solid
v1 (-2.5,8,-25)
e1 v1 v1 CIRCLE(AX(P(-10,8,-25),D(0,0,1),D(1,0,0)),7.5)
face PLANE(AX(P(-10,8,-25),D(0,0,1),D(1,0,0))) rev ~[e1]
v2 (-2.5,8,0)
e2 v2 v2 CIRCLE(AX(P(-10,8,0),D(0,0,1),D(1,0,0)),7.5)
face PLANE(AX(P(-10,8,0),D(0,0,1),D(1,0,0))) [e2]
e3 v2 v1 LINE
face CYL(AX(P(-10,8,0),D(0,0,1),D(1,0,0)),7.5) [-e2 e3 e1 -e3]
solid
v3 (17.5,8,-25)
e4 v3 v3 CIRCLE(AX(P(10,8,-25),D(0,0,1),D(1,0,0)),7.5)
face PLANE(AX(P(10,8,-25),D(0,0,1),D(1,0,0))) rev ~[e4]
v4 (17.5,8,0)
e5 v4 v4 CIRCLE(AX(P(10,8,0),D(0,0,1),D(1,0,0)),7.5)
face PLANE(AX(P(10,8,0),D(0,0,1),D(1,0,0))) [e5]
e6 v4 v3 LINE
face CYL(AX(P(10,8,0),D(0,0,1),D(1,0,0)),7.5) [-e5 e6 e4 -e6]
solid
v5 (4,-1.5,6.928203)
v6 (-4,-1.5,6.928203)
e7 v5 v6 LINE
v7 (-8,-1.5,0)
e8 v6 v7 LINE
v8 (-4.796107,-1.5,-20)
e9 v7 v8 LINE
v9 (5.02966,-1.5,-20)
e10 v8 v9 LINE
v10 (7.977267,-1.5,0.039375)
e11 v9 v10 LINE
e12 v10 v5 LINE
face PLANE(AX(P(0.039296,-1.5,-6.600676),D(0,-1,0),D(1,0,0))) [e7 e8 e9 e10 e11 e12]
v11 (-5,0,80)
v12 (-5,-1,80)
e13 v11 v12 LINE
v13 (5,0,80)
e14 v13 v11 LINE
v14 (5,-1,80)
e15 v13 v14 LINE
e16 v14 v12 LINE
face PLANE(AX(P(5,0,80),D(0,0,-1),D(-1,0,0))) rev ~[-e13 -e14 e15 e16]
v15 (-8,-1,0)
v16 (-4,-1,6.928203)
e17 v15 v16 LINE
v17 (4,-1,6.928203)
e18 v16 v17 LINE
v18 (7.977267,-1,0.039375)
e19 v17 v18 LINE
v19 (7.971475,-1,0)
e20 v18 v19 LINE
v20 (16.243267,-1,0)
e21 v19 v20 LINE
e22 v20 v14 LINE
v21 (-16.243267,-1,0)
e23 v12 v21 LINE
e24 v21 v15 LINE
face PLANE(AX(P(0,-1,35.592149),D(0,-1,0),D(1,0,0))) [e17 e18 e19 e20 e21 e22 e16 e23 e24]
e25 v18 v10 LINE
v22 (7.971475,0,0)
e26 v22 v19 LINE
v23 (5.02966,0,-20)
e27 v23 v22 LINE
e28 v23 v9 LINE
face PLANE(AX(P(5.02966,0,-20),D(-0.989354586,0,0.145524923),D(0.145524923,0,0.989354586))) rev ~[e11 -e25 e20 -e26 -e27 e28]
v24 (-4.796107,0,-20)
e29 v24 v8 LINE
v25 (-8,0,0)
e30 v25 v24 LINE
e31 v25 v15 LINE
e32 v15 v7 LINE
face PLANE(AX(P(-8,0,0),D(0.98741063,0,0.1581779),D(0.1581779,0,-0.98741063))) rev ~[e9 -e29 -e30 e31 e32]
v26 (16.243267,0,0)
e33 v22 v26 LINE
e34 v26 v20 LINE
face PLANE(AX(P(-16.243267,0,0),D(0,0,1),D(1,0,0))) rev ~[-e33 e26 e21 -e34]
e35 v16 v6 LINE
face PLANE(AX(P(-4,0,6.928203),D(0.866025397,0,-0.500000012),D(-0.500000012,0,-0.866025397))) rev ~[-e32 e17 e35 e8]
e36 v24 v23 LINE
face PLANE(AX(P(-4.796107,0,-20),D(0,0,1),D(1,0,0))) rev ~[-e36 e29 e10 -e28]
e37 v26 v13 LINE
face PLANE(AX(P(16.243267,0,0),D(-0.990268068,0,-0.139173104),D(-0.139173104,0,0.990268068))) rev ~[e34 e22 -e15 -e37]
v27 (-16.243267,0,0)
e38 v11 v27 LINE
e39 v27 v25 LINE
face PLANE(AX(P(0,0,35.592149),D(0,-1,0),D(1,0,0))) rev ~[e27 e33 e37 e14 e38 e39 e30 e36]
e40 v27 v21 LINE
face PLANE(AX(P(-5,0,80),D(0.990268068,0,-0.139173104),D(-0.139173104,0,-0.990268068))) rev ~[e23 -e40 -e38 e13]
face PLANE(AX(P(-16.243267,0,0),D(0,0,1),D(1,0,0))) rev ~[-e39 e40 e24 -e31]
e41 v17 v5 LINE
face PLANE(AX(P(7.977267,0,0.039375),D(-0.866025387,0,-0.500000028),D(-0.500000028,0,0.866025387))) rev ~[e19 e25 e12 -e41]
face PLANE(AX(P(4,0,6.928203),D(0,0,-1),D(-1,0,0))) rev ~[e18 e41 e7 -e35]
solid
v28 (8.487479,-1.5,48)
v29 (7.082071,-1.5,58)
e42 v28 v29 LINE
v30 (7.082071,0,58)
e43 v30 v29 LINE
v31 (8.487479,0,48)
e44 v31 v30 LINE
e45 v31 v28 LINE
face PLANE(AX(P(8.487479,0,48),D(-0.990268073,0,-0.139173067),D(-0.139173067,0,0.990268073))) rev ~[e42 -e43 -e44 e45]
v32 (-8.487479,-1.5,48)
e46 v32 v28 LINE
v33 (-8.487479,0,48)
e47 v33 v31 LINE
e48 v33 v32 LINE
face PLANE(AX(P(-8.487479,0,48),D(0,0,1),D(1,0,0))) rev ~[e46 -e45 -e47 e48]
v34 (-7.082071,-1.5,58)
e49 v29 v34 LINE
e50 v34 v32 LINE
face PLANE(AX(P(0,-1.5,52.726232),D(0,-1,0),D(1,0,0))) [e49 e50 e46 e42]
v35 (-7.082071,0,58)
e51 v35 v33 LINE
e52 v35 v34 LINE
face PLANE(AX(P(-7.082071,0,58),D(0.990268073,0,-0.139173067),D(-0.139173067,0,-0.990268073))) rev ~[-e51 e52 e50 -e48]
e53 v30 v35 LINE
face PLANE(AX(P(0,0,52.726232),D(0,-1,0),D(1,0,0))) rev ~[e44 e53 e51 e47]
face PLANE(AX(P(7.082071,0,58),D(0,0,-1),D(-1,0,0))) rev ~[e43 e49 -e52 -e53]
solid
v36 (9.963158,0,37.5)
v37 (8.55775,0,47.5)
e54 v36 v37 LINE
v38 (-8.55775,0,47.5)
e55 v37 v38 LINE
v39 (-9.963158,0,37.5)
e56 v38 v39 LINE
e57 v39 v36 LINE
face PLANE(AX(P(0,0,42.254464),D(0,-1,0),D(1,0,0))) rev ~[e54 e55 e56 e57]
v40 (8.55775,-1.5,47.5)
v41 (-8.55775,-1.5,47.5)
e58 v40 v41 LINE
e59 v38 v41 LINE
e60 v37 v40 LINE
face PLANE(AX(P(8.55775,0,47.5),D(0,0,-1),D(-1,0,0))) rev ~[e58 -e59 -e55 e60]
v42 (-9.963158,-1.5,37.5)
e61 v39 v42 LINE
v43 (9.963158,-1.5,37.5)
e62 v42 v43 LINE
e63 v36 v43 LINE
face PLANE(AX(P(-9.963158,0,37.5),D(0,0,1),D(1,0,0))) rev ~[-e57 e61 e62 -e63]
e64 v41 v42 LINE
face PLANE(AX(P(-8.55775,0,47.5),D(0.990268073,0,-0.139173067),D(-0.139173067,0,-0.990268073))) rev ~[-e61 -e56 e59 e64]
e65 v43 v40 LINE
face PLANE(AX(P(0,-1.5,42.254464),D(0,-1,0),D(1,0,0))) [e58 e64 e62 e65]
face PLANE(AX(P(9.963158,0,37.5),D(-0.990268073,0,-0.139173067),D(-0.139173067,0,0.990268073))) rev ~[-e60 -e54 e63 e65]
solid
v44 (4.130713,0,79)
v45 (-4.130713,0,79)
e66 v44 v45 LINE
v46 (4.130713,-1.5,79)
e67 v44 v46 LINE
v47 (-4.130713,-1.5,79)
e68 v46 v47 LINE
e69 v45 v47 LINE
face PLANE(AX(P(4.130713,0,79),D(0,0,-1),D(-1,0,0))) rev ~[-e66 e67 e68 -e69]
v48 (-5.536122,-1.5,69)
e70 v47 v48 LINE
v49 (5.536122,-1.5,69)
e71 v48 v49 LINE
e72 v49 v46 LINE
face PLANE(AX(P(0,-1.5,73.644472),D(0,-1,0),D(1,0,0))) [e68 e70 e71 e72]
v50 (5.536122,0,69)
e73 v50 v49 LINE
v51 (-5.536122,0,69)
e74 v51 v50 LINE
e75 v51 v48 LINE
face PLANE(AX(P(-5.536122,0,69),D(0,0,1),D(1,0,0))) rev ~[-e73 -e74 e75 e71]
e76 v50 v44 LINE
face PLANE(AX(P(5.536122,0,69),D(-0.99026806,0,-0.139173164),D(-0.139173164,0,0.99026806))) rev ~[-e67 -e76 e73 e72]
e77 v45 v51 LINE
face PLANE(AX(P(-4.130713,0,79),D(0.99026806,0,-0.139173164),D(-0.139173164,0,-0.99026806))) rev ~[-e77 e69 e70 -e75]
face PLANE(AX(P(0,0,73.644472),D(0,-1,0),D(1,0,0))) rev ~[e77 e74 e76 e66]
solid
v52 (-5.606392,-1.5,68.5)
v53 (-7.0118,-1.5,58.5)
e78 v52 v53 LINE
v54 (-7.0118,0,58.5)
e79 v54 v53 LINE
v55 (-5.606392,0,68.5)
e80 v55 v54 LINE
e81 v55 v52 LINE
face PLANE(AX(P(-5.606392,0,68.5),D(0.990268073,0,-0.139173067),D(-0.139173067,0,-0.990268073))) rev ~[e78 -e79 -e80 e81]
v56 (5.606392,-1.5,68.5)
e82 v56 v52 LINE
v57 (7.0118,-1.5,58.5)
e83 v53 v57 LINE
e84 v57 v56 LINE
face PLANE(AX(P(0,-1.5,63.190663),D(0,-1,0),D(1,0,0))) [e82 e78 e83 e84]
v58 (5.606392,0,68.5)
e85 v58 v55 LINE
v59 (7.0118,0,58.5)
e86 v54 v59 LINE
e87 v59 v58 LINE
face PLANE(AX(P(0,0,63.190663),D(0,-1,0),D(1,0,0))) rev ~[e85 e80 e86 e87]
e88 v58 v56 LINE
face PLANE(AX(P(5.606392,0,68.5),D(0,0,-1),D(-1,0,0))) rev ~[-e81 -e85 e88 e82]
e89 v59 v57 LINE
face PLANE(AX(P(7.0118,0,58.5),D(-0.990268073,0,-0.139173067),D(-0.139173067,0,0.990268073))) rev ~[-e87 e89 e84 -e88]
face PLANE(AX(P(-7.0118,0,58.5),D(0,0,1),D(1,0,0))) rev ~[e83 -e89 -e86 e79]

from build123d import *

# Parameters (mm, degrees)
F3_DEPTH = 1.5
F4_DEPTH = 1
F5_DEPTH = 1.5
F6_R     = 7.5
F7_DEPTH = 25


with BuildPart() as f3:
    # F2 (on Front) → F3 (new body)
    with BuildSketch(Plane.XZ):
        Polygon((5.536122, 69), (4.130713, 79), (-4.130713, 79), (-5.536122, 69), align=None)
        Polygon((5.606392, 68.5), (-5.606392, 68.5), (-7.0118, 58.5), (7.0118, 58.5), align=None)
        Polygon((-7.082071, 58), (-8.487479, 48), (8.487479, 48), (7.082071, 58), align=None)
        Polygon((-8.55775, 47.5), (-9.963158, 37.5), (9.963158, 37.5), (8.55775, 47.5), align=None)
    extrude(amount=F3_DEPTH)


with BuildPart() as f4:
    # F0 (on Front) → F4 (new body)
    with BuildSketch(Plane.XZ):
        Polygon((5, 80), (-5, 80), (-16.243267, 0), (16.243267, 0), align=None)
    extrude(amount=F4_DEPTH)

    # F1 (on Front) → F5 (join)
    with BuildSketch(Plane.XZ):
        Polygon((-4, 6.928203), (-8, 0), (-4.796107, -20), (5.02966, -20), (7.977267, 0.039375), (4, 6.928203), align=None)
    extrude(amount=F5_DEPTH)


with BuildPart() as f7:
    # F6 (on Top) → F7 (new body)
    with BuildSketch(Plane.XY):
        with Locations((-10, 8)):
            Circle(F6_R)
        with Locations((10, 8)):
            Circle(F6_R)
    extrude(amount=-F7_DEPTH)


solid = Compound([f3.part, f4.part, f7.part])
